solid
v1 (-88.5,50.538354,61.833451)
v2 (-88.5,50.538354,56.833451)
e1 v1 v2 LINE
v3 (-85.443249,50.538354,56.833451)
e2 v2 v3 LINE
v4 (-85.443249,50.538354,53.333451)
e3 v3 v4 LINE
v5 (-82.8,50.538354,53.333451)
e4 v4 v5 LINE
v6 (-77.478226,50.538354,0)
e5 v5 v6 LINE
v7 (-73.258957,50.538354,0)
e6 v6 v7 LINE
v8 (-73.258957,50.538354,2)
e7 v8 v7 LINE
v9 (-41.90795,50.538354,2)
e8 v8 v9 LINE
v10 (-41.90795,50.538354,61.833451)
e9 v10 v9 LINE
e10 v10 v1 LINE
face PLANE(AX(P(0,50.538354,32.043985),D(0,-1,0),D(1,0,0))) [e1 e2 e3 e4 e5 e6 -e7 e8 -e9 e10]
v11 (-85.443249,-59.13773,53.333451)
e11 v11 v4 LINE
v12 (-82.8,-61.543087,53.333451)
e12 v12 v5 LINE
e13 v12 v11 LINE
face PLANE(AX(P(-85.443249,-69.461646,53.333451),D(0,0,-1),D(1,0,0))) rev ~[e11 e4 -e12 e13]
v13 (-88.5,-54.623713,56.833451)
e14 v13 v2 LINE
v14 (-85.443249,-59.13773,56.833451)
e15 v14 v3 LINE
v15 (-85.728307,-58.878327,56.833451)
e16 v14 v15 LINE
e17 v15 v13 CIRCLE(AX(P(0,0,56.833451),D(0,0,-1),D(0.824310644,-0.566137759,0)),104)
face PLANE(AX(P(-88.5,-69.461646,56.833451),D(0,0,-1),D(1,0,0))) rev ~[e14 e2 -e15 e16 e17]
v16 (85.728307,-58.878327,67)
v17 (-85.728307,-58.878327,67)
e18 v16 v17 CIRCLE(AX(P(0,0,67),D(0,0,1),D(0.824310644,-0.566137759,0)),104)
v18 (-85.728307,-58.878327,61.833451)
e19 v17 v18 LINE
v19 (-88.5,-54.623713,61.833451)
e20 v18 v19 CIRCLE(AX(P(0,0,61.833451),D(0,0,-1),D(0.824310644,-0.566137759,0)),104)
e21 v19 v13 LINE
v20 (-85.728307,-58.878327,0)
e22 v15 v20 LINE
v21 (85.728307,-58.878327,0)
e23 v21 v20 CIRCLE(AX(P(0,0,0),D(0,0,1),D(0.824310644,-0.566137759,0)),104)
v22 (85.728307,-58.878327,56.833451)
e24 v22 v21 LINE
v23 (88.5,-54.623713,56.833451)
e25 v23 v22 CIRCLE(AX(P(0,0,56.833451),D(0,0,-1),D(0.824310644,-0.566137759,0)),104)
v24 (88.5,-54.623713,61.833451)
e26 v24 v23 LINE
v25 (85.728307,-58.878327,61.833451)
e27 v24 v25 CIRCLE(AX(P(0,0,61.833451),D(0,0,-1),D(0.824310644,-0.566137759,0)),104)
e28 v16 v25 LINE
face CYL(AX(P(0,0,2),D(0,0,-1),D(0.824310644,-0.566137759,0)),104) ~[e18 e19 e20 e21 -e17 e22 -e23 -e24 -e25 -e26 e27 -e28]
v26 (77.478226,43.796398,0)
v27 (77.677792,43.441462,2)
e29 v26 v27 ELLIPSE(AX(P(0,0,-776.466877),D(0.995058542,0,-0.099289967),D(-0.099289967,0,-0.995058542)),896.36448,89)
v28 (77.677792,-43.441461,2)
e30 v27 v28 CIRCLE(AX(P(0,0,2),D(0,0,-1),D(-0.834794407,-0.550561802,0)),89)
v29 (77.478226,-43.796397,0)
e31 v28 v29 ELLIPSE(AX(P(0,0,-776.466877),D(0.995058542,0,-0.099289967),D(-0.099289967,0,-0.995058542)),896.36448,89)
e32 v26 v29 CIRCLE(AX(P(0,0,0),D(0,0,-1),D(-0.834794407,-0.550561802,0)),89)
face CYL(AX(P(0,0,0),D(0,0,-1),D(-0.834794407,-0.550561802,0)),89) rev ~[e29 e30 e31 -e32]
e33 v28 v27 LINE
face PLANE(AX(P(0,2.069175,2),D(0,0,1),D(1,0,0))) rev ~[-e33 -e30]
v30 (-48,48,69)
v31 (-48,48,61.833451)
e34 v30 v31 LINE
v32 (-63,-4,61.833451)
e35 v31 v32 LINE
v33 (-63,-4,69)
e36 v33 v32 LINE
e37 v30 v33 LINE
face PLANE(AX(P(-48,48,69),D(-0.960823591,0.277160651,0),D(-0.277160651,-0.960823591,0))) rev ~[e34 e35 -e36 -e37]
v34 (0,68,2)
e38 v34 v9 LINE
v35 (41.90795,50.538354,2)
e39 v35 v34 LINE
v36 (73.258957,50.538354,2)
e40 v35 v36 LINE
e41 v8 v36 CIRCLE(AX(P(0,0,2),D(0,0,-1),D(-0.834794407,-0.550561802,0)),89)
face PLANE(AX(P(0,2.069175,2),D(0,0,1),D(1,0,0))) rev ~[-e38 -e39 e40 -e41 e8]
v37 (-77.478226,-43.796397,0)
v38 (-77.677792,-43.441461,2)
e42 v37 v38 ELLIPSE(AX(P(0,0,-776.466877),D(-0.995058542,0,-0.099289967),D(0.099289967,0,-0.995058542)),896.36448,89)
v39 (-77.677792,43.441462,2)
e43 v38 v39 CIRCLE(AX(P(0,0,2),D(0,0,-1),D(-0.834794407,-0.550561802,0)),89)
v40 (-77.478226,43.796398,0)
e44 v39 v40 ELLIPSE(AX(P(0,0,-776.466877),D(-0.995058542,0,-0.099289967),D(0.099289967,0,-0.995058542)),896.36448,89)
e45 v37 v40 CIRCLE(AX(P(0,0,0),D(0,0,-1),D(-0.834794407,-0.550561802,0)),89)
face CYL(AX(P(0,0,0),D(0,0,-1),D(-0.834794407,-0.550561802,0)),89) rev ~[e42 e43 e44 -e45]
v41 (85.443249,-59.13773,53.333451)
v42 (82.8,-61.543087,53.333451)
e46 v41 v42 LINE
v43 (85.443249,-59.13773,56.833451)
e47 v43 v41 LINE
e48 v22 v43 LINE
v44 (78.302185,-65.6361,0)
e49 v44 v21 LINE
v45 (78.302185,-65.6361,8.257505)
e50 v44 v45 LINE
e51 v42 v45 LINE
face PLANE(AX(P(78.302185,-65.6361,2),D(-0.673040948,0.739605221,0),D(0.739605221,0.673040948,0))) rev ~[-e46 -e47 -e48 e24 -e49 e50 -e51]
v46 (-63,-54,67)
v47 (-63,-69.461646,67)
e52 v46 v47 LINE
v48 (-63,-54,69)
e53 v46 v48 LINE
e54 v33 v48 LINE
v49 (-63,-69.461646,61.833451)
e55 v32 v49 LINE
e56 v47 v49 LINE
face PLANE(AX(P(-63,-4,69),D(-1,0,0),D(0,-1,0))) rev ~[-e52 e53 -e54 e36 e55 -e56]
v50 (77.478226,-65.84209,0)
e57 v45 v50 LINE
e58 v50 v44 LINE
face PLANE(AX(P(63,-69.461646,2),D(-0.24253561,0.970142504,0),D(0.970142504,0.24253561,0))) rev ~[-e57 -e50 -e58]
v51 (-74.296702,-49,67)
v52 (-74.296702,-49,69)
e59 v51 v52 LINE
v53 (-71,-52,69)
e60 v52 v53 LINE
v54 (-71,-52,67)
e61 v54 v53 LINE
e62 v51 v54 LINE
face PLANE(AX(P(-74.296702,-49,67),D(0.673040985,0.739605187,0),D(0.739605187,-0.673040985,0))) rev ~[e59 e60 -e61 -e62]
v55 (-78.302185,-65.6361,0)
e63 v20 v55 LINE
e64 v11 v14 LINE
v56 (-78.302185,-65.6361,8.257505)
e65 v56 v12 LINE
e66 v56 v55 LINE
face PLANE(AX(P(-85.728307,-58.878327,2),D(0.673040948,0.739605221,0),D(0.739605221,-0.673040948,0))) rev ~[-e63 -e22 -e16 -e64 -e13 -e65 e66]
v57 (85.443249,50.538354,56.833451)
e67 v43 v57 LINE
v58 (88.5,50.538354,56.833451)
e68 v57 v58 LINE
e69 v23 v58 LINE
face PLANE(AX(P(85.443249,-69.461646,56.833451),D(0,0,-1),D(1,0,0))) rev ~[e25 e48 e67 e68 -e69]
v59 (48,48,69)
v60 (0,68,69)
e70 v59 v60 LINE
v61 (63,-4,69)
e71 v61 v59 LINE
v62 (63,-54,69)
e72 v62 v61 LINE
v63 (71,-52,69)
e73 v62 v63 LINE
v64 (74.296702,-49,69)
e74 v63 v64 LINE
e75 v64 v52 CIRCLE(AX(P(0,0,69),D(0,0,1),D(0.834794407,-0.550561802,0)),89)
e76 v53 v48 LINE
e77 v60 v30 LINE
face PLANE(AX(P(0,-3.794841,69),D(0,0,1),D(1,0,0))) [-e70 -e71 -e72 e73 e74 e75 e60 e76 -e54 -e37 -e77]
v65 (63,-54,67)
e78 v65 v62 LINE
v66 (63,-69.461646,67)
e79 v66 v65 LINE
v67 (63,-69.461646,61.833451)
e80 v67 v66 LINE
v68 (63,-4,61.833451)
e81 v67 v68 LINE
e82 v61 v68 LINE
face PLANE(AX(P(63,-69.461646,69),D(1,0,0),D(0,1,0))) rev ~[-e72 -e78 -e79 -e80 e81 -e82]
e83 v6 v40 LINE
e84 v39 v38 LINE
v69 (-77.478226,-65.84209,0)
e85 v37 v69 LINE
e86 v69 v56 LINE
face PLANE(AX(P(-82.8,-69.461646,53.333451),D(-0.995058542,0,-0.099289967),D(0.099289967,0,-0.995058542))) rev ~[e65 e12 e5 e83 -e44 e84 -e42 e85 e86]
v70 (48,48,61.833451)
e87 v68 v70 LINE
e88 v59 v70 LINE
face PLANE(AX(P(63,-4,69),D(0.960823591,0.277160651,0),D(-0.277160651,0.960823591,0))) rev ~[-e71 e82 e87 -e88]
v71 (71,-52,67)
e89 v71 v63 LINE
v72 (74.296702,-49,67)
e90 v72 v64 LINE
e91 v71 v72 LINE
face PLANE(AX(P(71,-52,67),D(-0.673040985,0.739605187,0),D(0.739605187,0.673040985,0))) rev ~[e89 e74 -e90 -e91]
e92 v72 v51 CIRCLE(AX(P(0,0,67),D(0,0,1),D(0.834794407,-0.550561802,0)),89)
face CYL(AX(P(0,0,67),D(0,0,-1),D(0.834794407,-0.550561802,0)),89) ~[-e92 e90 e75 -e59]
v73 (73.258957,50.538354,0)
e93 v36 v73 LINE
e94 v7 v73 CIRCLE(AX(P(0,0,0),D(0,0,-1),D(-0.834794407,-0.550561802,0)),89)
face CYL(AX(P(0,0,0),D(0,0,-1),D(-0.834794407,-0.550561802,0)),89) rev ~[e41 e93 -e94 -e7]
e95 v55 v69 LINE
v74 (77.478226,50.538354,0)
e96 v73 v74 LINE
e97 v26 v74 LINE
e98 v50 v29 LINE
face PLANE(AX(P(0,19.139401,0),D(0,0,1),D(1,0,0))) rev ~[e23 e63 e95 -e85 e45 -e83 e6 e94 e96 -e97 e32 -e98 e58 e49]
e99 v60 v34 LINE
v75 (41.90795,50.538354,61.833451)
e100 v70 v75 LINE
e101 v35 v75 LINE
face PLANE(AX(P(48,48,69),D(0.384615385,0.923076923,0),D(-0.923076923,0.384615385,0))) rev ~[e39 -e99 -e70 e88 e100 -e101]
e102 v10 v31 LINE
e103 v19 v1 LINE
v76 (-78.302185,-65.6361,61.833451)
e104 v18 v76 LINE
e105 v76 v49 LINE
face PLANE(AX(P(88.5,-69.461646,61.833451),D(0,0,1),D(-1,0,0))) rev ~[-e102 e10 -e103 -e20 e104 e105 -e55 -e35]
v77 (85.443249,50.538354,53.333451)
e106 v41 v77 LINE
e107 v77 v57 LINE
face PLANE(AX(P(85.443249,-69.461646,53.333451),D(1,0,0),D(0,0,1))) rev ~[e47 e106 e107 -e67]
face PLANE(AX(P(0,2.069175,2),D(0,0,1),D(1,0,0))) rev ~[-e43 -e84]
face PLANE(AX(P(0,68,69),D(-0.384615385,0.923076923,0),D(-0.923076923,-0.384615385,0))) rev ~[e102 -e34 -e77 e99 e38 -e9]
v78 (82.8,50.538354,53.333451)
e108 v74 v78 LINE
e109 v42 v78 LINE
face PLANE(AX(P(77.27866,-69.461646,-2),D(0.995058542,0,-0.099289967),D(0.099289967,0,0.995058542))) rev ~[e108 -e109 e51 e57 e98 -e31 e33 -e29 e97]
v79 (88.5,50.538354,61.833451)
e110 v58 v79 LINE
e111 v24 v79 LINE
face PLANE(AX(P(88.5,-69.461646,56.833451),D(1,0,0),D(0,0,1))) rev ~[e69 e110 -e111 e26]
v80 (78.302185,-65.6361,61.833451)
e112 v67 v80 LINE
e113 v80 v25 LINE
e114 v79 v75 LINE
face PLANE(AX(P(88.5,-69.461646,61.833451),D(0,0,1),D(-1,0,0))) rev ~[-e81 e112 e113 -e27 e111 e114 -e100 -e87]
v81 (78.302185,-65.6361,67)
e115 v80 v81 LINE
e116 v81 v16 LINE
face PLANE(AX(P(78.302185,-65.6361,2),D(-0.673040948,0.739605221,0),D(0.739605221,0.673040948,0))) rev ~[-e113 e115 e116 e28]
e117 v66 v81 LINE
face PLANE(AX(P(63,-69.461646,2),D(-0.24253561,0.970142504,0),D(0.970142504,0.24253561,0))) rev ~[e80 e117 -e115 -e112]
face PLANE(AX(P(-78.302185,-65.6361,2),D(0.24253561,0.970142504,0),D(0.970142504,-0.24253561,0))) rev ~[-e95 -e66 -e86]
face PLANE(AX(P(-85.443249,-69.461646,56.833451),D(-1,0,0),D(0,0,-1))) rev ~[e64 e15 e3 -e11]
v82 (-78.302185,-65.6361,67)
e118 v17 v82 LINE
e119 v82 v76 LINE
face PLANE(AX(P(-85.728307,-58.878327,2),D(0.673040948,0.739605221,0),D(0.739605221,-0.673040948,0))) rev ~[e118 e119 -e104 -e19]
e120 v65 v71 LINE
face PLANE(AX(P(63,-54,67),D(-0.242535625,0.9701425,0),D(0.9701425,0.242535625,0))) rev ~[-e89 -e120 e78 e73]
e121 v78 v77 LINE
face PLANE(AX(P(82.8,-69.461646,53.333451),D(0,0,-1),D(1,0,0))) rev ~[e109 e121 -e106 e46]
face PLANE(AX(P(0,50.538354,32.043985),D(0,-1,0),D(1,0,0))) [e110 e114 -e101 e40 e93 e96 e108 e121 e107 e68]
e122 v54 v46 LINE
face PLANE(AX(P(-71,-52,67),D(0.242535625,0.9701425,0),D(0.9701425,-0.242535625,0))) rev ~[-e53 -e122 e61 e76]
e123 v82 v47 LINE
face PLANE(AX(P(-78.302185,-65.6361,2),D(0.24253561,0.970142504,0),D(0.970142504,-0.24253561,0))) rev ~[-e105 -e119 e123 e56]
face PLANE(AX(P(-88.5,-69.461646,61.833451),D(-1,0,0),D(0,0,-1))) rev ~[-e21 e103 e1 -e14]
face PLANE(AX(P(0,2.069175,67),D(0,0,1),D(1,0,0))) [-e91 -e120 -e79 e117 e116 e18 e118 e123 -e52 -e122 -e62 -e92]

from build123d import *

# Parameters (mm, degrees)
F2_DEPTH  = 2
F4_DEPTH  = 65
F6_DEPTH  = 2
F8_DEPTH  = 25
F9_DEPTH  = 120
F11_DEPTH = 69.001


with BuildPart() as f2:
    # F1 (on face) → F2 (new body)
    with BuildSketch(Plane.XY):
        with BuildLine():
            ThreePointArc((-74.296702, -49), (0, 89), (74.296702, -49))
            Line((74.296702, -49), (71, -52))
            Line((71, -52), (63, -54))
            Line((63, -54), (63, -69.461646))
            Line((63, -69.461646), (78.302185, -65.6361))
            Line((78.302185, -65.6361), (85.728307, -58.878327))
            ThreePointArc((85.728307, -58.878327), (0, 104), (-85.728307, -58.878327))
            Line((-85.728307, -58.878327), (-78.302185, -65.6361))
            Line((-78.302185, -65.6361), (-63, -69.461646))
            Line((-63, -69.461646), (-63, -54))
            Line((-63, -54), (-71, -52))
            Line((-71, -52), (-74.296702, -49))
        make_face()
    extrude(amount=F2_DEPTH)

    # F3 (on face) → F4 (join)
    with BuildSketch(Plane.XY.offset(2)):
        with BuildLine():
            Line((-78.302185, -65.6361), (-63, -69.461646))
            Line((-63, -69.461646), (63, -69.461646))
            Line((63, -69.461646), (78.302185, -65.6361))
            Line((78.302185, -65.6361), (85.728307, -58.878327))
            ThreePointArc((85.728307, -58.878327), (0, 104), (-85.728307, -58.878327))
            Line((-85.728307, -58.878327), (-78.302185, -65.6361))
        make_face()
    extrude(amount=F4_DEPTH)

    # F5 (on face) → F6 (join)
    with BuildSketch(Plane.XY.offset(67)):
        with BuildLine():
            Line((63, -54), (71, -52))
            Line((71, -52), (74.296702, -49))
            ThreePointArc((74.296702, -49), (0, 89), (-74.296702, -49))
            Line((-74.296702, -49), (-71, -52))
            Line((-71, -52), (-63, -54))
            Line((-63, -54), (-63, -69.461646))
            Line((-63, -69.461646), (63, -69.461646))
            Line((63, -69.461646), (63, -54))
        make_face()
    extrude(amount=F6_DEPTH)

    # F7 (on face) → F8 (cut)
    with BuildSketch(Plane.XZ.offset(69.461646)):
        Polygon((88.5, 56.833451), (88.5, 61.833451), (-88.5, 61.833451), (-88.5, 56.833451), (-85.443249, 56.833451), (-85.443249, 53.333451), (-82.8, 53.333451), (-77.27866, -2), (77.27866, -2), (82.8, 53.333451), (85.443249, 53.333451), (85.443249, 56.833451), align=None)
    extrude(amount=F8_DEPTH, mode=Mode.SUBTRACT)

    # F7 (on face) → F9 (cut)
    with BuildSketch(Plane.XZ.offset(69.461646)):
        Polygon((88.5, 56.833451), (88.5, 61.833451), (-88.5, 61.833451), (-88.5, 56.833451), (-85.443249, 56.833451), (-85.443249, 53.333451), (-82.8, 53.333451), (-77.27866, -2), (77.27866, -2), (82.8, 53.333451), (85.443249, 53.333451), (85.443249, 56.833451), align=None)
    extrude(amount=-F9_DEPTH, mode=Mode.SUBTRACT)

    # F10 (on face) → F11 (cut, through all)
    with BuildSketch(Plane.XY.offset(69)):
        Polygon((-63, -4), (-63, -54), (-63, -69.461646), (0, -69.461646), (63, -69.461646), (63, -54), (63, -4), (48, 48), (0, 68), (-48, 48), align=None)
    extrude(amount=-F11_DEPTH, mode=Mode.SUBTRACT)


solid = f2.part
